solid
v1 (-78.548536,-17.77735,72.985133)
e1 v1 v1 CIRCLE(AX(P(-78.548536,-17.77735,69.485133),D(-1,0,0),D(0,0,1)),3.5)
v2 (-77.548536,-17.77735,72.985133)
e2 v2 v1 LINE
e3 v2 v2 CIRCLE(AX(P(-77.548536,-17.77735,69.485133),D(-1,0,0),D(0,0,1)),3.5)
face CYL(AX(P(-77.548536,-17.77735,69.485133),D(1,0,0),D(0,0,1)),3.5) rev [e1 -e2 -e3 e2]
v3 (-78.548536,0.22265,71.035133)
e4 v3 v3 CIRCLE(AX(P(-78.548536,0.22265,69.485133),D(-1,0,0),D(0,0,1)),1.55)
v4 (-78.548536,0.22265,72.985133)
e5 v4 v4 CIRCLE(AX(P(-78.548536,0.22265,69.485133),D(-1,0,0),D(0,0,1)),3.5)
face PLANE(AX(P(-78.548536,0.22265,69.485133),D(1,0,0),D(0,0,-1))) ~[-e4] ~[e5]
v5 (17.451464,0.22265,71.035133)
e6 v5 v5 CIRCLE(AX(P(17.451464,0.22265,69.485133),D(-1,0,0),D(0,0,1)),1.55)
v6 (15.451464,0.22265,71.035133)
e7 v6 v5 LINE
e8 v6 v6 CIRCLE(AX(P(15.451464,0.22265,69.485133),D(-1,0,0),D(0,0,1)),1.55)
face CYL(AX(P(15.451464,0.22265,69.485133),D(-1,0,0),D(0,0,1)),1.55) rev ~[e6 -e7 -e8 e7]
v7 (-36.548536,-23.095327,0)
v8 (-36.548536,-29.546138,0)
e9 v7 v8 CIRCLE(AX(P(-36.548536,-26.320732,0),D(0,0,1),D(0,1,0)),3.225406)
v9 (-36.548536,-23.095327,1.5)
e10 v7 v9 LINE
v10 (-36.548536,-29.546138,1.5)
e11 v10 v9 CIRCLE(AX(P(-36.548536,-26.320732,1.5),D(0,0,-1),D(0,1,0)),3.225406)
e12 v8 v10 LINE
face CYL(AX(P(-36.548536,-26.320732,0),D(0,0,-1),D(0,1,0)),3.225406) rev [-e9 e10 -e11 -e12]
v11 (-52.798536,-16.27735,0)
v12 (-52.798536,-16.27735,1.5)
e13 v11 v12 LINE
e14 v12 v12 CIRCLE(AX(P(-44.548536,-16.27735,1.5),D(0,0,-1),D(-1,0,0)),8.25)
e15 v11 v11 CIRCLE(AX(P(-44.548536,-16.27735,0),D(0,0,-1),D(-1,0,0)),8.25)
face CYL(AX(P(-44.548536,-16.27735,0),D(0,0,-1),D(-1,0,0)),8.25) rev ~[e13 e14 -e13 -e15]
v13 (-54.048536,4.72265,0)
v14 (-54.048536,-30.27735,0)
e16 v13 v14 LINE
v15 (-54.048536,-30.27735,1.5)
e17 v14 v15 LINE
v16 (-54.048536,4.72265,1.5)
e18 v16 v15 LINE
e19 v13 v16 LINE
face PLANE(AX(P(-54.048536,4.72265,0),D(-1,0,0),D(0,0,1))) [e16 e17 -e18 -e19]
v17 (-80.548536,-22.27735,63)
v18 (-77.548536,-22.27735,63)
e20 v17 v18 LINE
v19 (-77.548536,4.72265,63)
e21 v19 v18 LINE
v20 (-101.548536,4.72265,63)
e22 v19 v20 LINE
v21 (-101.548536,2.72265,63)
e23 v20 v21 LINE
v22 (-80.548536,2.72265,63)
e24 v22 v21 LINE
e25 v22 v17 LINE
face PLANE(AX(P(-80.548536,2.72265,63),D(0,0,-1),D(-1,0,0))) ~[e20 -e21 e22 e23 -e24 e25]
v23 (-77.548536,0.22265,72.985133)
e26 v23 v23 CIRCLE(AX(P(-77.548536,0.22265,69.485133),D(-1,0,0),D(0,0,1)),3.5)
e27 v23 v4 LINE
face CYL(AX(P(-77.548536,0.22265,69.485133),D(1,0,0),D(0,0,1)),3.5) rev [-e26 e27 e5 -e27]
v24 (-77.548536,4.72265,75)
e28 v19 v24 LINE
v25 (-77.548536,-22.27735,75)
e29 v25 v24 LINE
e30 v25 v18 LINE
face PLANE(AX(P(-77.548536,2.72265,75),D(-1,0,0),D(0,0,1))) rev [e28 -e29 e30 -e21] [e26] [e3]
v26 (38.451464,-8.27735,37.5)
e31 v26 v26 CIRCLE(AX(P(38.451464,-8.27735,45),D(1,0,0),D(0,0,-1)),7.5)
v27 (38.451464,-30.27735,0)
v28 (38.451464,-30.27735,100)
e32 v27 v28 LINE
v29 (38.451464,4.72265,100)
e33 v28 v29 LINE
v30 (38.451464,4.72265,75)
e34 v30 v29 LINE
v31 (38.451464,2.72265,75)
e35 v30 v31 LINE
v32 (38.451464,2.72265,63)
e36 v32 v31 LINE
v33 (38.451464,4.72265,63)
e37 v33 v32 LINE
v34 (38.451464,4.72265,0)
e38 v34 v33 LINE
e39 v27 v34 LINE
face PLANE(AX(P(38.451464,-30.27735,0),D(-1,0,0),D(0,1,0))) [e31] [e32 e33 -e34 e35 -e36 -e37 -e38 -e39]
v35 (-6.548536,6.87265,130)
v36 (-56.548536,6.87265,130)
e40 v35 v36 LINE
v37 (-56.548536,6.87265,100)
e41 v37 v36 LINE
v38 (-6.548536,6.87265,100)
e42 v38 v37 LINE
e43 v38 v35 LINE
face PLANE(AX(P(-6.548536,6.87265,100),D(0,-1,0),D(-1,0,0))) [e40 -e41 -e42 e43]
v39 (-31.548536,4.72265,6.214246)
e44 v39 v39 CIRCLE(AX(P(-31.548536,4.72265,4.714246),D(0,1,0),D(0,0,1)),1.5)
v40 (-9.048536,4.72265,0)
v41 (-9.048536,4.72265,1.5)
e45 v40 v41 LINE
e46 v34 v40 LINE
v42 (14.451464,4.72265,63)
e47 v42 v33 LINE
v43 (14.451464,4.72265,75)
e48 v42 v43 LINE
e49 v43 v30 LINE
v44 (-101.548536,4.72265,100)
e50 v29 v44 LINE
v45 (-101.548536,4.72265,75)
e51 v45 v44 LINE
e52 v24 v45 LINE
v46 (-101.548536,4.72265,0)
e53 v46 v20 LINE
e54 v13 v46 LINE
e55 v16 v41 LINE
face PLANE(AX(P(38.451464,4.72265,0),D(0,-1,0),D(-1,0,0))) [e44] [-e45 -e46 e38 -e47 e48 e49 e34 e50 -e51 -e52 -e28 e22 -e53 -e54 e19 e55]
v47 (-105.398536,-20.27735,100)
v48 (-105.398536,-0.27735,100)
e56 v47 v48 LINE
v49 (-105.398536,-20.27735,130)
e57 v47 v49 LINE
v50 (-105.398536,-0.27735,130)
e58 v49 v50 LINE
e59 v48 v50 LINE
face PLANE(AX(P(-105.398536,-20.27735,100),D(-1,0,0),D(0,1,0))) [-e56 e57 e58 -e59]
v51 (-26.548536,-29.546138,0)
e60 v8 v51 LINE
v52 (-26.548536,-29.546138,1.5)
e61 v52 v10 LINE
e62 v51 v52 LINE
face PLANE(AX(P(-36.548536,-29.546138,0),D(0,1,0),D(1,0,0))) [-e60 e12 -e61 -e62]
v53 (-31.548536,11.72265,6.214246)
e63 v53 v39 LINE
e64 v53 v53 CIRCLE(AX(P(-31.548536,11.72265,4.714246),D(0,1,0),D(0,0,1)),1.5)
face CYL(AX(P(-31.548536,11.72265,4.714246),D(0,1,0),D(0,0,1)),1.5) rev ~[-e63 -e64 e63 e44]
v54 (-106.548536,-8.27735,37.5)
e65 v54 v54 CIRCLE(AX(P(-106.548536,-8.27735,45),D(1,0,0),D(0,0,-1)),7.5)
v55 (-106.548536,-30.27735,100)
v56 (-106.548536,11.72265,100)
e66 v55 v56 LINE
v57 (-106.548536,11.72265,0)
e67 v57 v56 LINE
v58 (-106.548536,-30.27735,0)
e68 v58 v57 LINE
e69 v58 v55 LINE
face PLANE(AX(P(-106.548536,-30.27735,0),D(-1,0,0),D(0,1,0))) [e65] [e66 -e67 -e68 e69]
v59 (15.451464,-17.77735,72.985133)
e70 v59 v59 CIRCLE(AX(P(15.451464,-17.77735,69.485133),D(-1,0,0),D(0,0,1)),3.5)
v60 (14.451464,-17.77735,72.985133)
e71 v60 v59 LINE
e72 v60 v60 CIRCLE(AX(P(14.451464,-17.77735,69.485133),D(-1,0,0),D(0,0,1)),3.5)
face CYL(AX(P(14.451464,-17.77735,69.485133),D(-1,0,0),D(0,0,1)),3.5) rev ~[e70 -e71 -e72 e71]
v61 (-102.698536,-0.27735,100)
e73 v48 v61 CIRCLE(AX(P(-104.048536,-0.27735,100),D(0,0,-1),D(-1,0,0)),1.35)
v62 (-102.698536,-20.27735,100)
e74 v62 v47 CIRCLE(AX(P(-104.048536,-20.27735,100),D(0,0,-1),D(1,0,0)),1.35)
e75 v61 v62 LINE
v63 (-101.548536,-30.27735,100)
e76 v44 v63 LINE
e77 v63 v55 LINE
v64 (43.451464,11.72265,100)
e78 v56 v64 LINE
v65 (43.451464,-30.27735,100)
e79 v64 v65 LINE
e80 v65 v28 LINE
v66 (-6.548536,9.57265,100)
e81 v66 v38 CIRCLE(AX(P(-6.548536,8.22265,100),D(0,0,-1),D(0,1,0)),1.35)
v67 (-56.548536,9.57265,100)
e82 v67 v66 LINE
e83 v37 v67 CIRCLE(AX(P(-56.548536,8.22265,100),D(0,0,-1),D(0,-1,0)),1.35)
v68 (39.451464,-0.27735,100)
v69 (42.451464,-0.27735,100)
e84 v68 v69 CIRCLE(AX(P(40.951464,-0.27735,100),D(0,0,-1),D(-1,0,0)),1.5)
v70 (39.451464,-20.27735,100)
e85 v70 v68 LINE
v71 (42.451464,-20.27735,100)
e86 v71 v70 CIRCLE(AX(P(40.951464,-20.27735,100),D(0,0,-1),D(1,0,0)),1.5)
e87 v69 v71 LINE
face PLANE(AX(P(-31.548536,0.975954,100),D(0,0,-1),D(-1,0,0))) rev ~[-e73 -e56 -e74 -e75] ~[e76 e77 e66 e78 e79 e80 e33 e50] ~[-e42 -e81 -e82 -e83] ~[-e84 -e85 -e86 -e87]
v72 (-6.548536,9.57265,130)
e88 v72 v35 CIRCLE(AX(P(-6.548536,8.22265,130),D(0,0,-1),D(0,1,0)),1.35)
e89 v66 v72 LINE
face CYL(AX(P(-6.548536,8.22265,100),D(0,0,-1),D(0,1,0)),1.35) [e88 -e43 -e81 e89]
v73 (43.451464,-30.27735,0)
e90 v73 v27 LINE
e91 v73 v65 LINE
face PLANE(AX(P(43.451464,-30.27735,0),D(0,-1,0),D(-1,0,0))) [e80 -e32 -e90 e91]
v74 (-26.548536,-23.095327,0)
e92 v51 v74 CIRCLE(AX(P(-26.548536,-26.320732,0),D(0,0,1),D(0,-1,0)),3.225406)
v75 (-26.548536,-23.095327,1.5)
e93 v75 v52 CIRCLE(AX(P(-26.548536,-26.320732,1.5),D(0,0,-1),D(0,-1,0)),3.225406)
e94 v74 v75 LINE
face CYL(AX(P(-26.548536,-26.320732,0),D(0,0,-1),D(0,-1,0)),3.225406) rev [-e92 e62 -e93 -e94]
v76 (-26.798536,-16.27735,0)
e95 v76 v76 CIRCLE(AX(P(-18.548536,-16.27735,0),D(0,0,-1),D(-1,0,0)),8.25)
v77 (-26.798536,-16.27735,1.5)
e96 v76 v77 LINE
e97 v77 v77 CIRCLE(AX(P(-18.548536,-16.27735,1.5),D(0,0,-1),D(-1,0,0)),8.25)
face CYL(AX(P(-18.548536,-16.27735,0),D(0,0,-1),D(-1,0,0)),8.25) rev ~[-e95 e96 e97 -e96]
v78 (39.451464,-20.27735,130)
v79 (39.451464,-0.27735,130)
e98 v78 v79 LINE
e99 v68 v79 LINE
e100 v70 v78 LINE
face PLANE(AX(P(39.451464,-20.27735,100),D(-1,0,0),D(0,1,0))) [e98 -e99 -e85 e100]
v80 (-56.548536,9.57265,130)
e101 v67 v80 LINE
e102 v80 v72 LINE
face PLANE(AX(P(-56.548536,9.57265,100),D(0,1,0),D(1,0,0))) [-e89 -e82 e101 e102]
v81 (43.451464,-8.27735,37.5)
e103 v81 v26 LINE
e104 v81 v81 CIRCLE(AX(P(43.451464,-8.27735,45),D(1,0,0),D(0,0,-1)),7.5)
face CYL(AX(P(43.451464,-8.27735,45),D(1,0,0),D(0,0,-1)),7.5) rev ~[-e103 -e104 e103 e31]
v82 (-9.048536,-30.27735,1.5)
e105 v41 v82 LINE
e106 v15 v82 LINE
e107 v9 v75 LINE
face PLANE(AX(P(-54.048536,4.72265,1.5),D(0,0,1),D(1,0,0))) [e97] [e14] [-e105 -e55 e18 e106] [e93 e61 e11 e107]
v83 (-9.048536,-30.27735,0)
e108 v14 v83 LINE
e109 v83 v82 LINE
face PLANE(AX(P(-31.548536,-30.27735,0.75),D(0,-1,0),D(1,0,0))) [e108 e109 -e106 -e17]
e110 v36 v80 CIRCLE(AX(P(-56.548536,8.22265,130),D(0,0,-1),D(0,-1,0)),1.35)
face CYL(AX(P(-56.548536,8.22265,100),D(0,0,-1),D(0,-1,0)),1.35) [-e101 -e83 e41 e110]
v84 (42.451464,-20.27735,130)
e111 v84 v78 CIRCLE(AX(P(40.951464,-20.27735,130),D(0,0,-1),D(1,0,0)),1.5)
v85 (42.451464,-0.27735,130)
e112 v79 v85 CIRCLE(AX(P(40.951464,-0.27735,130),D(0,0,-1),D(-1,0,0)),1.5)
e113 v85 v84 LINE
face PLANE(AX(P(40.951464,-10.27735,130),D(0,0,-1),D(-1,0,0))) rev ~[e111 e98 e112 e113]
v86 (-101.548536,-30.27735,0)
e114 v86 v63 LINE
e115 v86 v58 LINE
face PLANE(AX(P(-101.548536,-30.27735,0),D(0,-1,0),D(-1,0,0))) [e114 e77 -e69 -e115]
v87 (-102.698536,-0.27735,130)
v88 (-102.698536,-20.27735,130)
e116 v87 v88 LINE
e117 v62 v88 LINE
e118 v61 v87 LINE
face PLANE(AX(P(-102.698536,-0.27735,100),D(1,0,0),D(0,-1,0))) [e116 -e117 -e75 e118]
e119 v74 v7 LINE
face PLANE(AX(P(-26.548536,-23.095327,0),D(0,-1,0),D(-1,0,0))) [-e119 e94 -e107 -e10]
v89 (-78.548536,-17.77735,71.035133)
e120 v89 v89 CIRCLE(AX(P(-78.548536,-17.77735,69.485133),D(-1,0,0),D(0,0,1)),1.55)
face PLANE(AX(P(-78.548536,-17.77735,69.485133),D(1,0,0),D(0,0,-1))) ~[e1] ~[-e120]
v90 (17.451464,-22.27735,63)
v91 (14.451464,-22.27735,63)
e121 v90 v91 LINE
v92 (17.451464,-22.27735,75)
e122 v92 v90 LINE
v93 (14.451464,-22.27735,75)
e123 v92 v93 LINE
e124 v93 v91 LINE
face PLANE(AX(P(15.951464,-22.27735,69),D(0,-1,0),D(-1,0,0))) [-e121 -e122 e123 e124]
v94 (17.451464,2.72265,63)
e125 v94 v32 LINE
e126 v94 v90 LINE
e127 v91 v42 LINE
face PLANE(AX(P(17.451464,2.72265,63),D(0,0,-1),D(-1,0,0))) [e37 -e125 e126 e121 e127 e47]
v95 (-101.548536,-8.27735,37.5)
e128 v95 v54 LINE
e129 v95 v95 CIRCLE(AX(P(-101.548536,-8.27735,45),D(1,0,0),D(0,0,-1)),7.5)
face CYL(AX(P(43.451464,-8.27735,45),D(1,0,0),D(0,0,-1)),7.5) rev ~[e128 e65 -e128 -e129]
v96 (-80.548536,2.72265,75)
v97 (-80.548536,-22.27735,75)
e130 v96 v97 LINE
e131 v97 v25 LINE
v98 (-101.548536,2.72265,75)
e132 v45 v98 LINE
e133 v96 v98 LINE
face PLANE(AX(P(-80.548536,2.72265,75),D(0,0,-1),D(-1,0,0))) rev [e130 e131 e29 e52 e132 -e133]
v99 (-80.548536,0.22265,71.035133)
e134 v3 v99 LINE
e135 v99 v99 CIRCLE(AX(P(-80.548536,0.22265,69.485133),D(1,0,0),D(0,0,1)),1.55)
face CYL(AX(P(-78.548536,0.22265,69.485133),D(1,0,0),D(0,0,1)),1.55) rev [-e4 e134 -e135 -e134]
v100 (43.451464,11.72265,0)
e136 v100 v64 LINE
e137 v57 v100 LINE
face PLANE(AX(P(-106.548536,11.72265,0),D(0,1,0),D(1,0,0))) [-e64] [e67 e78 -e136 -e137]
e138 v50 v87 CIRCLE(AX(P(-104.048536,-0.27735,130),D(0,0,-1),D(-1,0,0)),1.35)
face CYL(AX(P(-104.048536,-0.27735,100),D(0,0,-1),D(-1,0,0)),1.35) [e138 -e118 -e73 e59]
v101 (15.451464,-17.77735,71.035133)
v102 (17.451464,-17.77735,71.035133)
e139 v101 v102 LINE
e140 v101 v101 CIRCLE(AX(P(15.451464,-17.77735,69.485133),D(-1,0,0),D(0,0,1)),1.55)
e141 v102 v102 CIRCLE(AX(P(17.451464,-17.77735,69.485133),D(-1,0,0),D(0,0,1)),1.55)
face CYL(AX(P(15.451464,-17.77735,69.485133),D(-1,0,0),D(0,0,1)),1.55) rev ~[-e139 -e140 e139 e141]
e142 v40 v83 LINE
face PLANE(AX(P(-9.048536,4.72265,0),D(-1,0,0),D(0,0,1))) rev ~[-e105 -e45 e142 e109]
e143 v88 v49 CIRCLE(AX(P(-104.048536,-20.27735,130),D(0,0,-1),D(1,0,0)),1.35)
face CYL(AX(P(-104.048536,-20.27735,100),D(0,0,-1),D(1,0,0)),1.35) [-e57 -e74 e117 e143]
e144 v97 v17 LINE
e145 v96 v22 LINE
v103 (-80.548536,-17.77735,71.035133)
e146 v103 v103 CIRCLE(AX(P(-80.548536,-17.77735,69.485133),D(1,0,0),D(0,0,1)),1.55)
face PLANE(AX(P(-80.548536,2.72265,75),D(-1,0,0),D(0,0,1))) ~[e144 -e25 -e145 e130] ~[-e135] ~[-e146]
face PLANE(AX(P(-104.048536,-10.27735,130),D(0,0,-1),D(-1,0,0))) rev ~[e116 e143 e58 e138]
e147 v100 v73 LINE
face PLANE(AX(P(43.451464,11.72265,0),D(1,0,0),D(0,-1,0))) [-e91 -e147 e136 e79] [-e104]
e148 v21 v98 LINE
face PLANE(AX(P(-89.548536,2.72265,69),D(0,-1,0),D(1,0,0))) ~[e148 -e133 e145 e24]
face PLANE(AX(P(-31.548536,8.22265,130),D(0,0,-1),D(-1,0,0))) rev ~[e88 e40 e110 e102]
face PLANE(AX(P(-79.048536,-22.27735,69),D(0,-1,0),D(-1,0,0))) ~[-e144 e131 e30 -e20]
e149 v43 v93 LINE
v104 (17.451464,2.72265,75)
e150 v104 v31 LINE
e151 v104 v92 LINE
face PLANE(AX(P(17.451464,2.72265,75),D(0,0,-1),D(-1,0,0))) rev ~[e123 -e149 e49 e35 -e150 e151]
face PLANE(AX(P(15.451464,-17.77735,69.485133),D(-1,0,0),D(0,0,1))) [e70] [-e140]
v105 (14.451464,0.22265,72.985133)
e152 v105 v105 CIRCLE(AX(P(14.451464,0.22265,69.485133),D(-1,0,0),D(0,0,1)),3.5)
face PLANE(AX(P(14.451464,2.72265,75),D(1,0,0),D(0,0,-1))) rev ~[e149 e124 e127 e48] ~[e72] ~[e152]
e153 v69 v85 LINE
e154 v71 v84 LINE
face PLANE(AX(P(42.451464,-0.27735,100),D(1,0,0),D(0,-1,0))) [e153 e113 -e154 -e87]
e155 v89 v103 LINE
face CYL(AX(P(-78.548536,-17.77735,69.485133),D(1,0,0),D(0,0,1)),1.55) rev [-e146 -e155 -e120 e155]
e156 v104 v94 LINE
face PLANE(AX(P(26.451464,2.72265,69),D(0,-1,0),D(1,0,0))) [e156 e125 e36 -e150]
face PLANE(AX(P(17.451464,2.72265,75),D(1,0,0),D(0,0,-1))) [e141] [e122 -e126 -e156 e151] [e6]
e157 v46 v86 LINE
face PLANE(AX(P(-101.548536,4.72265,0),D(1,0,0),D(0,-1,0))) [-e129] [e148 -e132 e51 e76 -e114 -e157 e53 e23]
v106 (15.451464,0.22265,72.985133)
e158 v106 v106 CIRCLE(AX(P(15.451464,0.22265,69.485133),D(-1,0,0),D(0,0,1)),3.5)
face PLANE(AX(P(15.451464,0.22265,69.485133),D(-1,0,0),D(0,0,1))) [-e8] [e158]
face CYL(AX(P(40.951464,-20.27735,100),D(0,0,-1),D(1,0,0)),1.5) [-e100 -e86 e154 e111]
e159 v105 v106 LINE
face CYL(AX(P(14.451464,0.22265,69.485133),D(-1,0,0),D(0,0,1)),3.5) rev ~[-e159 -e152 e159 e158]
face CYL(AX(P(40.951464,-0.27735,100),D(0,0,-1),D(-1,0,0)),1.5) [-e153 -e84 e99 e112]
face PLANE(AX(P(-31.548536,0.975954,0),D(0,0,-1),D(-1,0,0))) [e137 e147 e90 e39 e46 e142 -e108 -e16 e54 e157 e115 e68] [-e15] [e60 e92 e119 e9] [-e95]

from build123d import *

# Parameters (mm, degrees)
BOSS_EXTRUDE2_DEPTH = 100
BOSS_EXTRUDE3_DEPTH = 30
SKETCH10_R          = 7.5
CUT_EXTRUDE2_DEPTH  = 210
SKETCH15_R          = 1.5
CUT_EXTRUDE3_DEPTH  = 10
SKETCH16_W          = 24
SKETCH16_H          = 12
BOSS_EXTRUDE5_DEPTH = 2
SKETCH17_W          = 3
SKETCH17_H          = 12
BOSS_EXTRUDE6_DEPTH = 25
SKETCH19_R          = 3.5
CUT_EXTRUDE4_DEPTH  = 1
SKETCH20_R          = 1.55
CUT_EXTRUDE5_DEPTH  = 3
SKETCH21_W          = 45
SKETCH21_H          = 1.5
BOSS_EXTRUDE7_DEPTH = 35
SKETCH23_R          = 8.25
CUT_EXTRUDE6_DEPTH  = 40
CUT_EXTRUDE7_DEPTH  = 40


with BuildPart() as part:
    # Sketch3 → Boss-Extrude2 (new body)
    with BuildSketch(Plane.XY):
        Polygon((-106.54853621, -30.277349769), (-106.54853621, 11.722650231), (43.45146379, 11.722650231), (43.45146379, -30.277349769), (38.45146379, -30.277349769), (38.45146379, 4.722650231), (-101.54853621, 4.722650231), (-101.54853621, -30.277349769), align=None)
    extrude(amount=BOSS_EXTRUDE2_DEPTH)

    # Sketch4 → Boss-Extrude3 (add)
    with BuildSketch(Plane.XY.offset(100)):
        with BuildLine():
            Line((-102.69853621, -0.277349769), (-102.69853621, -20.277349769))
            ThreePointArc((-102.69853621, -20.277349769), (-104.04853621, -21.627349769), (-105.39853621, -20.277349769))
            Line((-105.39853621, -20.277349769), (-105.39853621, -0.277349769))
            ThreePointArc((-105.39853621, -0.277349769), (-104.04853621, 1.072650231), (-102.69853621, -0.277349769))
        make_face()
        with BuildLine():
            Line((-56.54853621, 9.572650231), (-6.54853621, 9.572650231))
            ThreePointArc((-6.54853621, 9.572650231), (-5.19853621, 8.222650231), (-6.54853621, 6.872650231))
            Line((-6.54853621, 6.872650231), (-56.54853621, 6.872650231))
            ThreePointArc((-56.54853621, 6.872650231), (-57.89853621, 8.222650231), (-56.54853621, 9.572650231))
        make_face()
        with BuildLine():
            Line((42.45146379, -0.277349769), (42.45146379, -20.277349769))
            ThreePointArc((42.45146379, -20.277349769), (40.95146379, -21.777349769), (39.45146379, -20.277349769))
            Line((39.45146379, -20.277349769), (39.45146379, -0.277349769))
            ThreePointArc((39.45146379, -0.277349769), (40.95146379, 1.222650231), (42.45146379, -0.277349769))
        make_face()
    extrude(amount=BOSS_EXTRUDE3_DEPTH)

    # Sketch10 → Cut-Extrude2 (cut)
    with BuildSketch(Plane(origin=(43.45146379, 0, 0), x_dir=(0, 0, -1), z_dir=(1, 0, 0))):
        with Locations((-45, -8.277349769)):
            Circle(SKETCH10_R)
    extrude(amount=-CUT_EXTRUDE2_DEPTH, mode=Mode.SUBTRACT)

    # Sketch15 → Cut-Extrude3 (cut)
    with BuildSketch(Plane(origin=(0, 11.722650231, 0), x_dir=(1, 0, 0), z_dir=(0, 1, 0))):
        with Locations(Location((-31.54853621, -4.714245873, 0), (0, 0, 270))):
            Circle(SKETCH15_R)
    extrude(amount=-CUT_EXTRUDE3_DEPTH, mode=Mode.SUBTRACT)

    # Sketch16 → Boss-Extrude5 (add)
    with BuildSketch(Plane.XZ.offset(-4.722650231)):
        with Locations((26.45146379, 69)):
            Rectangle(SKETCH16_W, SKETCH16_H)
    boss_extrude5 = extrude(amount=BOSS_EXTRUDE5_DEPTH)

    # Sketch17 → Boss-Extrude6 (add)
    with BuildSketch(Plane(origin=(0, 2.722650231, 0), x_dir=(-1, 0, 0), z_dir=(0, -1, 0))):
        with Locations((-15.95146379, -69)):
            Rectangle(SKETCH17_W, SKETCH17_H)
    boss_extrude6 = extrude(amount=BOSS_EXTRUDE6_DEPTH)

    # Sketch19 → Cut-Extrude4 (cut)
    with BuildSketch(Plane.ZY.offset(-14.45146379)):
        with Locations((69.485133357, 0.222650231)):
            Circle(SKETCH19_R)
        with Locations((69.485133357, -17.777349769)):
            Circle(SKETCH19_R)
    cut_extrude4 = extrude(amount=-CUT_EXTRUDE4_DEPTH, mode=Mode.SUBTRACT)

    # Sketch20 → Cut-Extrude5 (cut)
    with BuildSketch(Plane.ZY.offset(-15.45146379)):
        with Locations((69.485133357, 0.222650231)):
            Circle(SKETCH20_R)
        with Locations((69.485133357, -17.777349769)):
            Circle(SKETCH20_R)
    cut_extrude5 = extrude(amount=-CUT_EXTRUDE5_DEPTH, mode=Mode.SUBTRACT)

    # Mirror6: Boss-Extrude5, Boss-Extrude6, Cut-Extrude4, Cut-Extrude5 across plane
    add(boss_extrude5.mirror(Plane.ZY.offset(31.54853621)))
    add(boss_extrude6.mirror(Plane.ZY.offset(31.54853621)))
    add(cut_extrude4.mirror(Plane.ZY.offset(31.54853621)), mode=Mode.SUBTRACT)
    add(cut_extrude5.mirror(Plane.ZY.offset(31.54853621)), mode=Mode.SUBTRACT)

    # Sketch21 → Boss-Extrude7 (add)
    with BuildSketch(Plane.XZ.offset(-4.722650231)):
        with Locations((-31.54853621, 0.75)):
            Rectangle(SKETCH21_W, SKETCH21_H)
    extrude(amount=BOSS_EXTRUDE7_DEPTH)

    # Sketch23 → Cut-Extrude6 (cut)
    with BuildSketch(Plane(origin=(0, 0, 0), x_dir=(-1, 0, 0), z_dir=(0, 0, -1))):
        with Locations((44.54853621, -16.277349769)):
            Circle(SKETCH23_R)
        with Locations((18.54853621, -16.277349769)):
            Circle(SKETCH23_R)
    extrude(amount=-CUT_EXTRUDE6_DEPTH, mode=Mode.SUBTRACT)

    # Sketch24 → Cut-Extrude7 (cut)
    with BuildSketch(Plane(origin=(0, 0, 0), x_dir=(-1, 0, 0), z_dir=(0, 0, -1))):
        with BuildLine():
            Line((26.54853621, -23.095326639), (36.54853621, -23.095326639))
            ThreePointArc((36.54853621, -23.095326639), (39.773941895, -26.320732325), (36.54853621, -29.54613801))
            Line((36.54853621, -29.54613801), (26.54853621, -29.54613801))
            ThreePointArc((26.54853621, -29.54613801), (23.323130524, -26.320732325), (26.54853621, -23.095326639))
        make_face()
    extrude(amount=-CUT_EXTRUDE7_DEPTH, mode=Mode.SUBTRACT)


solid = part.part
